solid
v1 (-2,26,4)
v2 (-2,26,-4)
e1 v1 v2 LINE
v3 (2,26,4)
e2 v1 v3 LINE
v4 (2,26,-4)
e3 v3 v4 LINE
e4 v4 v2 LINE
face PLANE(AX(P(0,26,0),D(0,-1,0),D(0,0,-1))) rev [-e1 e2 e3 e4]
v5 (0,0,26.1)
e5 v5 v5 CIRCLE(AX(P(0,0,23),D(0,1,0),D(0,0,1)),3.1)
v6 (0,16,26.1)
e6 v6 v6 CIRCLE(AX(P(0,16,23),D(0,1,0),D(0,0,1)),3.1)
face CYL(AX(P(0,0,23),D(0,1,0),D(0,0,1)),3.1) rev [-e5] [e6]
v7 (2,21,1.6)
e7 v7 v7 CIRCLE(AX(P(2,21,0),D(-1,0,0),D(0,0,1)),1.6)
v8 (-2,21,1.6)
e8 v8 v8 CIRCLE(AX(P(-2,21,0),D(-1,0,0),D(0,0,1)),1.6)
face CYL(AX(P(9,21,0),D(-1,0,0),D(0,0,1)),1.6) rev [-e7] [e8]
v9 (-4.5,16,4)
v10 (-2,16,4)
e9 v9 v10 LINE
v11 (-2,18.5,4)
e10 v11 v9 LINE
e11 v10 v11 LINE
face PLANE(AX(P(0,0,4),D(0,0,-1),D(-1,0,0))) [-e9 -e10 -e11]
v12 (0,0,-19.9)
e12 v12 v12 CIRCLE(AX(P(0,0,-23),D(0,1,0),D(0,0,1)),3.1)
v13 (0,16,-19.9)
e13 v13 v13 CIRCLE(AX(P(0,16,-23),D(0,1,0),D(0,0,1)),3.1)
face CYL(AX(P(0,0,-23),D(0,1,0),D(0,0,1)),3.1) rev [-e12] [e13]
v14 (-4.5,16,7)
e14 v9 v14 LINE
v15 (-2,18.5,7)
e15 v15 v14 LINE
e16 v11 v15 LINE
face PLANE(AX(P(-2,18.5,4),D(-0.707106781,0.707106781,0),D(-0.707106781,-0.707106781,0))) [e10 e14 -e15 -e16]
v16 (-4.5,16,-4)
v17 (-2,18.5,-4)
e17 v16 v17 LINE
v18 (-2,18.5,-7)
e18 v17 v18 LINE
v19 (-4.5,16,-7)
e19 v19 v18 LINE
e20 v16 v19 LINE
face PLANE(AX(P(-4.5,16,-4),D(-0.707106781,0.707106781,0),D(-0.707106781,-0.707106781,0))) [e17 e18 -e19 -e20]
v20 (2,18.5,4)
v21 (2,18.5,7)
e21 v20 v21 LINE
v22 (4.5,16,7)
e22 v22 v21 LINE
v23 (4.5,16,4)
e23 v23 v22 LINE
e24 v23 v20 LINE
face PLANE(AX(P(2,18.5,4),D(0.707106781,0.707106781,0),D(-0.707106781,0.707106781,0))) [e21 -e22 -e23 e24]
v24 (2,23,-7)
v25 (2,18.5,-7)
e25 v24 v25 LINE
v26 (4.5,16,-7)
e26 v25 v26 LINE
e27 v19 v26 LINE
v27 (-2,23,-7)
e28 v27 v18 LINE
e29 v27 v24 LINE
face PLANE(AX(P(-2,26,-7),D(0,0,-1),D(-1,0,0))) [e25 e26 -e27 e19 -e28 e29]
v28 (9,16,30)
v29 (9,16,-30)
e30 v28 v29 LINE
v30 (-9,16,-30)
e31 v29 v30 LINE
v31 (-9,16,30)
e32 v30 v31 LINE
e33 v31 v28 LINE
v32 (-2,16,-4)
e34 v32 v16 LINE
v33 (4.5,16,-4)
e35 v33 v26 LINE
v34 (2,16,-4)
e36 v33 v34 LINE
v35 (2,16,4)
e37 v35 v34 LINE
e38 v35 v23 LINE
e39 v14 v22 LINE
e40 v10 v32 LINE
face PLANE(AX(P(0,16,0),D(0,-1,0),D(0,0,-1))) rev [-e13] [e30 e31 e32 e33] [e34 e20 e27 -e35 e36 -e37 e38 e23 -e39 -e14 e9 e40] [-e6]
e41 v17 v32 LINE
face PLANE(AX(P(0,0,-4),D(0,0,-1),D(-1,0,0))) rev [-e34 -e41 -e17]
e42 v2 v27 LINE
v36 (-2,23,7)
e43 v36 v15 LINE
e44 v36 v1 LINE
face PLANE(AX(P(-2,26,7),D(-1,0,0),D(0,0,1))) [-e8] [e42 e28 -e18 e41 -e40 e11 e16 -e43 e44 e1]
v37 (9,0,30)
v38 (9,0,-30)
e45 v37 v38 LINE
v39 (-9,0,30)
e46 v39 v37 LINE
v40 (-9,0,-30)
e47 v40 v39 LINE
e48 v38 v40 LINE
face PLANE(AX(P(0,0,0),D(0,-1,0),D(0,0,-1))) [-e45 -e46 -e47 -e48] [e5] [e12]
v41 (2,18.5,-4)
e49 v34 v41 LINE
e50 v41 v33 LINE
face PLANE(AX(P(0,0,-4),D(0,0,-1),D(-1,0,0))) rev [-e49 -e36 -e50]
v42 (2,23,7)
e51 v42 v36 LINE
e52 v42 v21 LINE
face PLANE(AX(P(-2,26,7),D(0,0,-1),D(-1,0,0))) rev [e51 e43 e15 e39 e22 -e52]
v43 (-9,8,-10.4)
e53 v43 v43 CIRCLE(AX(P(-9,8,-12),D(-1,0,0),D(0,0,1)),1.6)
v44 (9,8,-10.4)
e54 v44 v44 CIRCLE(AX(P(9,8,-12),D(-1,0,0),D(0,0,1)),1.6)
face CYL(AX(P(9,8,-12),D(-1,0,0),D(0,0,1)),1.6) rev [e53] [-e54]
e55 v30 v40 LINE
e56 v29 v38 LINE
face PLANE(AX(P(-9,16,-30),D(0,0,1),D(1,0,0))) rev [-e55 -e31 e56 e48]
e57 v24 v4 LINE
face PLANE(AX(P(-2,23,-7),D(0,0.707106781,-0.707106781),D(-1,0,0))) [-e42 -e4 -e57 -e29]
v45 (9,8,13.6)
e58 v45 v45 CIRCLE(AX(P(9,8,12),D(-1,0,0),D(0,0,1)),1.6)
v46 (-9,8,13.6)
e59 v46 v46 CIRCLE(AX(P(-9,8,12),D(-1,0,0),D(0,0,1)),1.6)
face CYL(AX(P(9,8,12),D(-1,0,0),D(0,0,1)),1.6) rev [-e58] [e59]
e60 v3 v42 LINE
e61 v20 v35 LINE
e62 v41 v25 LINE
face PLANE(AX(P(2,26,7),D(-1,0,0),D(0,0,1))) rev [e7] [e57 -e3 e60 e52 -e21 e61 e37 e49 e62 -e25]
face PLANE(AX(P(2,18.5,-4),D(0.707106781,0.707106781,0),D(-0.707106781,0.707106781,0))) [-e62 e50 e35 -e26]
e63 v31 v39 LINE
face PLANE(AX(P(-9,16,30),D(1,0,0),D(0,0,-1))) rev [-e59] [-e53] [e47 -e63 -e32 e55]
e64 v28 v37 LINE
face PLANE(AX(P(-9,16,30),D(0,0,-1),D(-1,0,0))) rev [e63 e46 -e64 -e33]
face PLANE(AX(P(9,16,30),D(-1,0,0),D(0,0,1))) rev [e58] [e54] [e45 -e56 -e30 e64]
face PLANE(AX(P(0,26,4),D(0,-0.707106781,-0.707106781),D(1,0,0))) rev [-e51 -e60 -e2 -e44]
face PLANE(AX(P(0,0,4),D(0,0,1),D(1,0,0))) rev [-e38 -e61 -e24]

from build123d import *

# Parameters (mm, degrees)
SKETCH1_W           = 18
SKETCH1_H           = 60
BOSS_EXTRUDE1_DEPTH = 16
SKETCH2_R           = 3.1
CUT_EXTRUDE1_DEPTH  = 36.17101079
SKETCH3_R           = 1.6
CUT_EXTRUDE2_DEPTH  = 39.470768123
SKETCH4_W           = 4
SKETCH4_H           = 14
BOSS_EXTRUDE2_DEPTH = 10
SKETCH5_R           = 1.6
CUT_EXTRUDE3_DEPTH  = 42.194659848
CHAMFER1_SIZE       = 3
BOSS_EXTRUDE3_DEPTH = 3
BOSS_EXTRUDE4_DEPTH = 3


with BuildPart() as part:
    # Sketch1 → Boss-Extrude1 (new body)
    with BuildSketch(Plane(origin=(0, 0, 0), x_dir=(1, 0, 0), z_dir=(0, 1, 0))):
        Rectangle(SKETCH1_W, SKETCH1_H)
    extrude(amount=BOSS_EXTRUDE1_DEPTH)

    # Sketch2 → Cut-Extrude1 (cut, through all)
    with BuildSketch(Plane(origin=(0, 16, 0), x_dir=(1, 0, 0), z_dir=(0, 1, 0))):
        with Locations(Location((0, 23, 0), (0, 0, 270))):
            Circle(SKETCH2_R)
        with Locations(Location((0, -23, 0), (0, 0, 270))):
            Circle(SKETCH2_R)
    extrude(amount=-CUT_EXTRUDE1_DEPTH, mode=Mode.SUBTRACT)

    # Sketch3 → Cut-Extrude2 (cut, through all)
    with BuildSketch(Plane.ZY.offset(9)):
        with Locations((-12, 8)):
            Circle(SKETCH3_R)
        with Locations((12, 8)):
            Circle(SKETCH3_R)
    extrude(amount=-CUT_EXTRUDE2_DEPTH, mode=Mode.SUBTRACT)

    # Sketch4 → Boss-Extrude2 (add)
    with BuildSketch(Plane(origin=(0, 16, 0), x_dir=(1, 0, 0), z_dir=(0, 1, 0))):
        Rectangle(SKETCH4_W, SKETCH4_H)
    extrude(amount=BOSS_EXTRUDE2_DEPTH)

    # Sketch5 → Cut-Extrude3 (cut, through all)
    with BuildSketch(Plane.ZY.offset(2)):
        with Locations((0, 21)):
            Circle(SKETCH5_R)
    extrude(amount=-CUT_EXTRUDE3_DEPTH, mode=Mode.SUBTRACT)

    # Chamfer1
    chamfer1_edges = [part.edges().sort_by_distance(p)[0] for p in [
        (0, 26, -7),
        (0, 26, 7),
    ]]
    chamfer(chamfer1_edges, length=CHAMFER1_SIZE)

    # Sketch6 → Boss-Extrude3 (add)
    with BuildSketch(Plane.XY.offset(7)):
        Polygon((-2, 18.5), (-4.5, 16), (-2, 16), align=None)
        Polygon((2, 18.5), (4.5, 16), (2, 16), align=None)
    extrude(amount=-BOSS_EXTRUDE3_DEPTH)

    # Sketch7 → Boss-Extrude4 (add)
    with BuildSketch(Plane(origin=(0, 0, -7), x_dir=(-1, 0, 0), z_dir=(0, 0, -1))):
        Polygon((2, 18.5), (2, 16), (4.5, 16), align=None)
        Polygon((-2, 16), (-2, 18.5), (-4.5, 16), align=None)
    extrude(amount=-BOSS_EXTRUDE4_DEPTH)


solid = part.part
